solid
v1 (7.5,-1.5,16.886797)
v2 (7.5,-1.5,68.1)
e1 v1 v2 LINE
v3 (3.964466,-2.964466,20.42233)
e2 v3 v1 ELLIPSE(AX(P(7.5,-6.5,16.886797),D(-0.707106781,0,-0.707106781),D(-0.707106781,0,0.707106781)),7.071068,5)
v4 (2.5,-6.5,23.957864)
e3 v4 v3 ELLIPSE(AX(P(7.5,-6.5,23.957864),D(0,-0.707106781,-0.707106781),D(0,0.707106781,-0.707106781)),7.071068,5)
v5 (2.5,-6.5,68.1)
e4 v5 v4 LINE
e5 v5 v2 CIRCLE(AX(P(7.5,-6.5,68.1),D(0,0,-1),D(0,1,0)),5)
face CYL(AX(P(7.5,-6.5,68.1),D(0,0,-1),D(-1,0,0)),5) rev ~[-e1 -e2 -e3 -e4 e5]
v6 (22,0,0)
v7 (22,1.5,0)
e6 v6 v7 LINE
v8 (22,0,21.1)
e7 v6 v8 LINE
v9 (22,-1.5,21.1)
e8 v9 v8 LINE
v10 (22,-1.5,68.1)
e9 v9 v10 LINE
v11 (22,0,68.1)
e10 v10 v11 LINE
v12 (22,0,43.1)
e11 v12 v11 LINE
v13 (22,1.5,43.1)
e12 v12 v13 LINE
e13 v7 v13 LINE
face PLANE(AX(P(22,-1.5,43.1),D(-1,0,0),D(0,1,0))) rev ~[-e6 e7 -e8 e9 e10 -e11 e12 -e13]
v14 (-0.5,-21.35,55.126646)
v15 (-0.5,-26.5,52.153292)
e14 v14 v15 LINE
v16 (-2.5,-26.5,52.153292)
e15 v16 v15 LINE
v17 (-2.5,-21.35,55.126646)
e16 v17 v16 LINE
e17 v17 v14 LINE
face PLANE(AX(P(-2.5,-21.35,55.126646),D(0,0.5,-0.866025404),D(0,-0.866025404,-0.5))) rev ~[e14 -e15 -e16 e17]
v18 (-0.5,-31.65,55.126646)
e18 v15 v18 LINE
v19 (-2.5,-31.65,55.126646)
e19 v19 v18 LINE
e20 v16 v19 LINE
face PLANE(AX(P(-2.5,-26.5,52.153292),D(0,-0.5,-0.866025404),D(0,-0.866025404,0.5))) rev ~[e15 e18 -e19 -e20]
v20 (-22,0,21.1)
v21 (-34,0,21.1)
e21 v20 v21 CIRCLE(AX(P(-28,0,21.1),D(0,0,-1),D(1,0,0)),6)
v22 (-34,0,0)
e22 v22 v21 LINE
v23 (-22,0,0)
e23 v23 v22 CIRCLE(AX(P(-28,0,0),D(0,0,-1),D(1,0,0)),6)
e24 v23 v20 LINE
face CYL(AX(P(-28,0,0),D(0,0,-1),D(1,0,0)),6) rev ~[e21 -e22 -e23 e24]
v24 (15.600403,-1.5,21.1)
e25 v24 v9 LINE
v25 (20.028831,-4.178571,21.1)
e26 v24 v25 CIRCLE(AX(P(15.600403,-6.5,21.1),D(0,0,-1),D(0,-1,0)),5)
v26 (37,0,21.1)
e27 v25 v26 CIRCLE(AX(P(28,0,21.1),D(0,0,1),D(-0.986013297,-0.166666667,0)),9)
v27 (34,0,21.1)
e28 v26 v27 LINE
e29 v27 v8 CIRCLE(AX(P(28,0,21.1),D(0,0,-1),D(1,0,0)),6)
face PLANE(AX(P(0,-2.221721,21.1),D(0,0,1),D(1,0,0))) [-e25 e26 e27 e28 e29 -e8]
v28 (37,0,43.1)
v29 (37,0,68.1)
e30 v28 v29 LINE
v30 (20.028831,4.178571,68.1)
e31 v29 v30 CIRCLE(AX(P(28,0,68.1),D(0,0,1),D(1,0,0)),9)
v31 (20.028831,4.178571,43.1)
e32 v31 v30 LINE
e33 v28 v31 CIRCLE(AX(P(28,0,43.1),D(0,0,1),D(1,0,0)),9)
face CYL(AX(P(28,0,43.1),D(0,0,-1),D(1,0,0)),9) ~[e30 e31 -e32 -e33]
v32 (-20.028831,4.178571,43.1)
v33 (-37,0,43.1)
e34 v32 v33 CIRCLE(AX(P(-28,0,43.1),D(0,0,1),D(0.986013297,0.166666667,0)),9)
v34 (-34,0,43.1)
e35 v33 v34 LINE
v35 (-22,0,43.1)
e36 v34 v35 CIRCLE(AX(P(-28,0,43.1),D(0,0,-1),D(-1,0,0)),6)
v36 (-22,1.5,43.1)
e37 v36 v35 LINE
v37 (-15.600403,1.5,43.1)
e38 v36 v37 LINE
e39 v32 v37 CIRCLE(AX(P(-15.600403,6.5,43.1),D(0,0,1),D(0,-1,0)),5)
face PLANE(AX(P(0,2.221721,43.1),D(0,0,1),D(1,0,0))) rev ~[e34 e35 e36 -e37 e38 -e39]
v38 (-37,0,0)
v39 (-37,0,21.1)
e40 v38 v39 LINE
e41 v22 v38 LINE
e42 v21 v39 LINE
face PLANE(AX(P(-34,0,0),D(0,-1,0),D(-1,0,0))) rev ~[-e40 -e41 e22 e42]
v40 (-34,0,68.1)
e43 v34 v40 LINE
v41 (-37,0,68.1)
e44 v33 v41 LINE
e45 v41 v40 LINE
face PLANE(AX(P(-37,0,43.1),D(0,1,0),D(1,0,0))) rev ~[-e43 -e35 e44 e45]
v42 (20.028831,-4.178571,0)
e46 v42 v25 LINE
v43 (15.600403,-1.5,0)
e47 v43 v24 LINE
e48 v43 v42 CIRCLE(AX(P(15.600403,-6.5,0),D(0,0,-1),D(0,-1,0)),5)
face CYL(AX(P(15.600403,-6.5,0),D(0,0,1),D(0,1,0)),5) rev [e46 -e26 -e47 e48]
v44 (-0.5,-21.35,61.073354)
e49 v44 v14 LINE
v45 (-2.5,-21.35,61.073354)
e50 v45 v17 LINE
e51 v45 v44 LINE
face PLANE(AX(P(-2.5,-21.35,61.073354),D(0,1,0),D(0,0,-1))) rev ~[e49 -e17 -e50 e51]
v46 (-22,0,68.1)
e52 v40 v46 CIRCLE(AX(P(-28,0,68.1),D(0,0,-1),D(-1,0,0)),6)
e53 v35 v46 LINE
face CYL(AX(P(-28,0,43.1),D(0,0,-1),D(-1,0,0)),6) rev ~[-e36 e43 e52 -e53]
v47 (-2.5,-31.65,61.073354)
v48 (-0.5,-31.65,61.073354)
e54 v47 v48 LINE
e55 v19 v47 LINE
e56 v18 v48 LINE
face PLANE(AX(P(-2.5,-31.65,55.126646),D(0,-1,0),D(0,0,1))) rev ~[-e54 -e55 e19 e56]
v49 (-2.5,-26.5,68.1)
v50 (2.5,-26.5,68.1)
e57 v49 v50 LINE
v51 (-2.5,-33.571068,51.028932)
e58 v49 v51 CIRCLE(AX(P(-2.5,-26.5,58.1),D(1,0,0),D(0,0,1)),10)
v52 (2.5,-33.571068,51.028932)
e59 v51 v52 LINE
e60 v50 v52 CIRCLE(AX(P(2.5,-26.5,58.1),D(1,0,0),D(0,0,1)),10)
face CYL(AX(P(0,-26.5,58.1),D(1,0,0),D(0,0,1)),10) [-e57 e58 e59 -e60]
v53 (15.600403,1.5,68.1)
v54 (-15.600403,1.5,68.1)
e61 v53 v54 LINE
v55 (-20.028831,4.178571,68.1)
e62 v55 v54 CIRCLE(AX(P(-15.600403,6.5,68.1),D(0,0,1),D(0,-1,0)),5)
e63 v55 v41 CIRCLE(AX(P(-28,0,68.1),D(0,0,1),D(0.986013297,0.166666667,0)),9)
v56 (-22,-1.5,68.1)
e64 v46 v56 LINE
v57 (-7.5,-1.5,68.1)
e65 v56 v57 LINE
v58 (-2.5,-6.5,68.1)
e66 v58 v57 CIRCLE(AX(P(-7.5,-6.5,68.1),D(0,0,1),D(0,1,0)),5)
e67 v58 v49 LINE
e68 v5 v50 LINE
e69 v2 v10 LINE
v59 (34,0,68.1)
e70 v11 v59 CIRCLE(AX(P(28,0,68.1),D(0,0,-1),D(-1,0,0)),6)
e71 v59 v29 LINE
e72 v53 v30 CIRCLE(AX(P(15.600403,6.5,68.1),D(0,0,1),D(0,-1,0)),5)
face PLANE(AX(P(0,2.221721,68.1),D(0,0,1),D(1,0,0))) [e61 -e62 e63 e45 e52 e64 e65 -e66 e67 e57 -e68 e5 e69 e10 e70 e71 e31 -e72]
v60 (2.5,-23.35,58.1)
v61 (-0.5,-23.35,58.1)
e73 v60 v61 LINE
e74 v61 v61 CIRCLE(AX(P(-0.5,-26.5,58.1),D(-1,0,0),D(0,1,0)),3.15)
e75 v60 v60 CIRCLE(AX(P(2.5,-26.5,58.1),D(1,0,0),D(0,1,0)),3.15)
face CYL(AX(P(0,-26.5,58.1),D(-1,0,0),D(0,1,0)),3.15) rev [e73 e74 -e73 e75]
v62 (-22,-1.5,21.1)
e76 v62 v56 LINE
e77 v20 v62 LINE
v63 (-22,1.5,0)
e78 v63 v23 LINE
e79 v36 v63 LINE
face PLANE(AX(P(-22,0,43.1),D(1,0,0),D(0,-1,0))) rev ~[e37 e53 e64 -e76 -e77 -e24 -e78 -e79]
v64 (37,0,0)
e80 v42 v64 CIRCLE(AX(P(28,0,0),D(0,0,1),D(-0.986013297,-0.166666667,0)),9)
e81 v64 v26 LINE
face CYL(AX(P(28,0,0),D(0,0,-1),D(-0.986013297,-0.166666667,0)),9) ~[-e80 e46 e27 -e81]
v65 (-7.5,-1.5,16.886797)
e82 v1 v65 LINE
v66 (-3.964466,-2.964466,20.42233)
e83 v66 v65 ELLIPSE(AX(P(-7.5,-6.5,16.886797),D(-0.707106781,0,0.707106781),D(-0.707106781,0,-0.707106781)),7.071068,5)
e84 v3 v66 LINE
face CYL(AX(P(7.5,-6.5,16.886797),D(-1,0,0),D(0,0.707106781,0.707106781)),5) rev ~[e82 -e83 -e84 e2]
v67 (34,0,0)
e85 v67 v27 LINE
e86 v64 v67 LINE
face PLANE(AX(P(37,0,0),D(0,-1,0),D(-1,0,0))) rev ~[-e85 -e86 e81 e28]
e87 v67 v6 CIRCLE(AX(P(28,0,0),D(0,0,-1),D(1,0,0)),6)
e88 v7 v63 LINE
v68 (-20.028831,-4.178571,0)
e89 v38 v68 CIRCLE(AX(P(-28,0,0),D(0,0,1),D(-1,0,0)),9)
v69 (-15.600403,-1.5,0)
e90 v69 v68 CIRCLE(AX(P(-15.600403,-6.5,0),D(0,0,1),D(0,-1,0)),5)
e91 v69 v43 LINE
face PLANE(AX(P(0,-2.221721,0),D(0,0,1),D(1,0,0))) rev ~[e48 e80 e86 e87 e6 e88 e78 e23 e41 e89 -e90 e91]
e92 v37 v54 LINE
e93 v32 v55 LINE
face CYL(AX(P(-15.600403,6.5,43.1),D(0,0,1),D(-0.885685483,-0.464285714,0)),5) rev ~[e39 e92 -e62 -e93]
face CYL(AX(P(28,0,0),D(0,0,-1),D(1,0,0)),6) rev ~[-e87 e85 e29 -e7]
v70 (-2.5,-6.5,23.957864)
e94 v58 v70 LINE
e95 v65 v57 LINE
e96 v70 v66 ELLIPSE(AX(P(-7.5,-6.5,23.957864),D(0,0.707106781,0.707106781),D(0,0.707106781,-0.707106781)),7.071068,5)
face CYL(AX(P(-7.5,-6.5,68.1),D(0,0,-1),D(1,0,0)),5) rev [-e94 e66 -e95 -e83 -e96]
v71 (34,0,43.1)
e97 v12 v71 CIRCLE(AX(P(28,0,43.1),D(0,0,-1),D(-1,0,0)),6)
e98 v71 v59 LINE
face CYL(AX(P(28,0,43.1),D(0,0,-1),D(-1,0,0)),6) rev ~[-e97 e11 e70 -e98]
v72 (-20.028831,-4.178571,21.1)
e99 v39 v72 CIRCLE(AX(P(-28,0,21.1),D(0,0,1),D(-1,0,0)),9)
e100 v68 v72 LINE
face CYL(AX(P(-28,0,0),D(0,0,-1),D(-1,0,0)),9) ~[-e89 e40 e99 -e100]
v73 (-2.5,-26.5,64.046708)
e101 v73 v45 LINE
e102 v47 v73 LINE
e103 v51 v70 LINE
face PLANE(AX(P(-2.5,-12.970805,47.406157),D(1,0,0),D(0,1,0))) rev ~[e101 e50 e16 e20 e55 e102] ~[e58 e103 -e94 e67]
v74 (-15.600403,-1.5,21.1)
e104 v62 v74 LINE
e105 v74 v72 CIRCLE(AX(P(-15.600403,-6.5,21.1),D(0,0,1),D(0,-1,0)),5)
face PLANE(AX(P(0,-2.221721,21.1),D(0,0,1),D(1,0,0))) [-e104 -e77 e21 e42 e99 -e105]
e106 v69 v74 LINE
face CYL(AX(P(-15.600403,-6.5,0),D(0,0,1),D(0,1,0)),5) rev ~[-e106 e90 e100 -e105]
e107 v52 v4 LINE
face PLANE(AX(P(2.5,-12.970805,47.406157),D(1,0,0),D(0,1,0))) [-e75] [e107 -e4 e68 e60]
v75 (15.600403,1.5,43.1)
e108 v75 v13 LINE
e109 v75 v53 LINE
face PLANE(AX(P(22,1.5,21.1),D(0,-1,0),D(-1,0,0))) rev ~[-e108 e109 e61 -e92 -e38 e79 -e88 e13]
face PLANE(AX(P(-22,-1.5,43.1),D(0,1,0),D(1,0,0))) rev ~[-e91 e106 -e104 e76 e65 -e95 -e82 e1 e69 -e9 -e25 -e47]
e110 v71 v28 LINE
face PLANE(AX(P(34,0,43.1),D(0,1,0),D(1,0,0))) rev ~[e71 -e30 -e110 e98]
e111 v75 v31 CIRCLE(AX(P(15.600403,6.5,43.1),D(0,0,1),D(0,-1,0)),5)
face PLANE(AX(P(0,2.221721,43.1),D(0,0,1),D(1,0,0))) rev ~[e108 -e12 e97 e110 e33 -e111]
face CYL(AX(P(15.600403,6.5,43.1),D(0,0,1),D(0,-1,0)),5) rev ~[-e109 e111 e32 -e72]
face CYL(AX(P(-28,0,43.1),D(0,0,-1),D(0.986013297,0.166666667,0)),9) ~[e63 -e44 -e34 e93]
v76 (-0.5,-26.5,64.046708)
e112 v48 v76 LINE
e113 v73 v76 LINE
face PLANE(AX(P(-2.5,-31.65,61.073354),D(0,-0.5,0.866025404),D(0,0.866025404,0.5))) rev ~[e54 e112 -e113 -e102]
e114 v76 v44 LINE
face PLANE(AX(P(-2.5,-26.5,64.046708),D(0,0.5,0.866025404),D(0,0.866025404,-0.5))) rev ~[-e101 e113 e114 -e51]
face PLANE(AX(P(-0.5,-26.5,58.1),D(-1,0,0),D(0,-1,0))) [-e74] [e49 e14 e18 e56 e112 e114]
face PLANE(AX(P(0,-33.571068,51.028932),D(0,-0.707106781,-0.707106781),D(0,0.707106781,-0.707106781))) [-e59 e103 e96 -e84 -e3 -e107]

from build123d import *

# Parameters (mm, degrees)
F1_DEPTH = 21.1
F3_DEPTH = 22
F5_DEPTH = 25
F6_R     = 3.15
F7_DEPTH = 2.5
F8_R     = 3.15
F9_DEPTH = 2
F10_R    = 5
F11_R    = 5
F12_R    = 5


with BuildPart() as f1:
    # F0 (on Top) → F1 (new body)
    with BuildSketch(Plane.XY):
        with BuildLine():
            ThreePointArc((-22, 0), (-28, -6), (-34, 0))
            Line((-34, 0), (-37, 0))
            ThreePointArc((-37, 0), (-28.7526363425, -8.9684747051), (-19.1258803254, -1.5))
            Line((-19.1258803254, -1.5), (19.1258803254, -1.5))
            ThreePointArc((19.1258803254, -1.5), (28.7526363425, -8.9684747051), (37, 0))
            Line((37, 0), (34, 0))
            ThreePointArc((34, 0), (28, -6), (22, 0))
            Line((22, 0), (22, 1.5))
            Line((22, 1.5), (-22, 1.5))
            Line((-22, 1.5), (-22, 0))
        make_face()
    extrude(amount=F1_DEPTH)

    # F2 (on face) → F3 (join)
    with BuildSketch(Plane.XY.offset(21.1)):
        Polygon((-22, 0), (-22, -1.5), (-19.1258803254, -1.5), (19.1258803254, -1.5), (22, -1.5), (22, 0), (22, 1.5), (-22, 1.5), align=None)
    extrude(amount=F3_DEPTH)

    # F4 (on face) → F5 (join)
    with BuildSketch(Plane.XY.offset(43.1)):
        with BuildLine():
            ThreePointArc((-34, 0), (-28, 6), (-22, 0))
            Line((-22, 0), (-22, -1.5))
            Line((-22, -1.5), (22, -1.5))
            Line((22, -1.5), (22, 0))
            ThreePointArc((22, 0), (28, 6), (34, 0))
            Line((34, 0), (37, 0))
            ThreePointArc((37, 0), (28.7526363425, 8.9684747051), (19.1258803254, 1.5))
            Line((19.1258803254, 1.5), (-19.1258803254, 1.5))
            ThreePointArc((-19.1258803254, 1.5), (-28.7526363425, 8.9684747051), (-37, 0))
            Line((-37, 0), (-34, 0))
        make_face()
    extrude(amount=F5_DEPTH)

    # F6 (on Right) → F7 (join, symmetric)
    with BuildSketch(Plane.YZ):
        with BuildLine():
            Line((0, 68.1), (-26.5, 68.1))
            ThreePointArc((-26.5, 68.1), (-35.7387953251, 61.9268343237), (-33.5710678119, 51.0289321881))
            Line((-33.5710678119, 51.0289321881), (0, 17.4578643763))
            Line((0, 17.4578643763), (0, 68.1))
        make_face()
        with Locations((-26.5, 58.1)):
            Circle(F6_R, mode=Mode.SUBTRACT)
    extrude(amount=F7_DEPTH, both=True)

    # F8 (on face) → F9 (cut)
    with BuildSketch(Plane(origin=(-2.5, 0, 0), x_dir=(0, -1, 0), z_dir=(-1, 0, 0))):
        Polygon((31.65, 61.0733538863), (26.5, 64.0467077727), (21.35, 61.0733538863), (21.35, 55.1266461137), (26.5, 52.1532922273), (31.65, 55.1266461137), align=None)
        with Locations((26.5, 58.1)):
            Circle(F8_R, mode=Mode.SUBTRACT)
    extrude(amount=-F9_DEPTH, mode=Mode.SUBTRACT)

    # F10
    f10_edges = [f1.edges().sort_by_distance(p)[0] for p in [
        (-2.5, -1.5, 43.528932),
        (2.5, -1.5, 43.528932),
    ]]
    fillet(f10_edges, radius=F10_R)

    # F11
    f11_edges = [f1.edges().sort_by_distance(p)[0] for p in [
        (0, -1.5, 18.957864),
    ]]
    fillet(f11_edges, radius=F11_R)

    # F12
    f12_edges = [f1.edges().sort_by_distance(p)[0] for p in [
        (-19.12588, -1.5, 10.55),
        (19.12588, -1.5, 10.55),
        (-19.12588, 1.5, 55.6),
        (19.12588, 1.5, 55.6),
    ]]
    fillet(f12_edges, radius=F12_R)


solid = f1.part
